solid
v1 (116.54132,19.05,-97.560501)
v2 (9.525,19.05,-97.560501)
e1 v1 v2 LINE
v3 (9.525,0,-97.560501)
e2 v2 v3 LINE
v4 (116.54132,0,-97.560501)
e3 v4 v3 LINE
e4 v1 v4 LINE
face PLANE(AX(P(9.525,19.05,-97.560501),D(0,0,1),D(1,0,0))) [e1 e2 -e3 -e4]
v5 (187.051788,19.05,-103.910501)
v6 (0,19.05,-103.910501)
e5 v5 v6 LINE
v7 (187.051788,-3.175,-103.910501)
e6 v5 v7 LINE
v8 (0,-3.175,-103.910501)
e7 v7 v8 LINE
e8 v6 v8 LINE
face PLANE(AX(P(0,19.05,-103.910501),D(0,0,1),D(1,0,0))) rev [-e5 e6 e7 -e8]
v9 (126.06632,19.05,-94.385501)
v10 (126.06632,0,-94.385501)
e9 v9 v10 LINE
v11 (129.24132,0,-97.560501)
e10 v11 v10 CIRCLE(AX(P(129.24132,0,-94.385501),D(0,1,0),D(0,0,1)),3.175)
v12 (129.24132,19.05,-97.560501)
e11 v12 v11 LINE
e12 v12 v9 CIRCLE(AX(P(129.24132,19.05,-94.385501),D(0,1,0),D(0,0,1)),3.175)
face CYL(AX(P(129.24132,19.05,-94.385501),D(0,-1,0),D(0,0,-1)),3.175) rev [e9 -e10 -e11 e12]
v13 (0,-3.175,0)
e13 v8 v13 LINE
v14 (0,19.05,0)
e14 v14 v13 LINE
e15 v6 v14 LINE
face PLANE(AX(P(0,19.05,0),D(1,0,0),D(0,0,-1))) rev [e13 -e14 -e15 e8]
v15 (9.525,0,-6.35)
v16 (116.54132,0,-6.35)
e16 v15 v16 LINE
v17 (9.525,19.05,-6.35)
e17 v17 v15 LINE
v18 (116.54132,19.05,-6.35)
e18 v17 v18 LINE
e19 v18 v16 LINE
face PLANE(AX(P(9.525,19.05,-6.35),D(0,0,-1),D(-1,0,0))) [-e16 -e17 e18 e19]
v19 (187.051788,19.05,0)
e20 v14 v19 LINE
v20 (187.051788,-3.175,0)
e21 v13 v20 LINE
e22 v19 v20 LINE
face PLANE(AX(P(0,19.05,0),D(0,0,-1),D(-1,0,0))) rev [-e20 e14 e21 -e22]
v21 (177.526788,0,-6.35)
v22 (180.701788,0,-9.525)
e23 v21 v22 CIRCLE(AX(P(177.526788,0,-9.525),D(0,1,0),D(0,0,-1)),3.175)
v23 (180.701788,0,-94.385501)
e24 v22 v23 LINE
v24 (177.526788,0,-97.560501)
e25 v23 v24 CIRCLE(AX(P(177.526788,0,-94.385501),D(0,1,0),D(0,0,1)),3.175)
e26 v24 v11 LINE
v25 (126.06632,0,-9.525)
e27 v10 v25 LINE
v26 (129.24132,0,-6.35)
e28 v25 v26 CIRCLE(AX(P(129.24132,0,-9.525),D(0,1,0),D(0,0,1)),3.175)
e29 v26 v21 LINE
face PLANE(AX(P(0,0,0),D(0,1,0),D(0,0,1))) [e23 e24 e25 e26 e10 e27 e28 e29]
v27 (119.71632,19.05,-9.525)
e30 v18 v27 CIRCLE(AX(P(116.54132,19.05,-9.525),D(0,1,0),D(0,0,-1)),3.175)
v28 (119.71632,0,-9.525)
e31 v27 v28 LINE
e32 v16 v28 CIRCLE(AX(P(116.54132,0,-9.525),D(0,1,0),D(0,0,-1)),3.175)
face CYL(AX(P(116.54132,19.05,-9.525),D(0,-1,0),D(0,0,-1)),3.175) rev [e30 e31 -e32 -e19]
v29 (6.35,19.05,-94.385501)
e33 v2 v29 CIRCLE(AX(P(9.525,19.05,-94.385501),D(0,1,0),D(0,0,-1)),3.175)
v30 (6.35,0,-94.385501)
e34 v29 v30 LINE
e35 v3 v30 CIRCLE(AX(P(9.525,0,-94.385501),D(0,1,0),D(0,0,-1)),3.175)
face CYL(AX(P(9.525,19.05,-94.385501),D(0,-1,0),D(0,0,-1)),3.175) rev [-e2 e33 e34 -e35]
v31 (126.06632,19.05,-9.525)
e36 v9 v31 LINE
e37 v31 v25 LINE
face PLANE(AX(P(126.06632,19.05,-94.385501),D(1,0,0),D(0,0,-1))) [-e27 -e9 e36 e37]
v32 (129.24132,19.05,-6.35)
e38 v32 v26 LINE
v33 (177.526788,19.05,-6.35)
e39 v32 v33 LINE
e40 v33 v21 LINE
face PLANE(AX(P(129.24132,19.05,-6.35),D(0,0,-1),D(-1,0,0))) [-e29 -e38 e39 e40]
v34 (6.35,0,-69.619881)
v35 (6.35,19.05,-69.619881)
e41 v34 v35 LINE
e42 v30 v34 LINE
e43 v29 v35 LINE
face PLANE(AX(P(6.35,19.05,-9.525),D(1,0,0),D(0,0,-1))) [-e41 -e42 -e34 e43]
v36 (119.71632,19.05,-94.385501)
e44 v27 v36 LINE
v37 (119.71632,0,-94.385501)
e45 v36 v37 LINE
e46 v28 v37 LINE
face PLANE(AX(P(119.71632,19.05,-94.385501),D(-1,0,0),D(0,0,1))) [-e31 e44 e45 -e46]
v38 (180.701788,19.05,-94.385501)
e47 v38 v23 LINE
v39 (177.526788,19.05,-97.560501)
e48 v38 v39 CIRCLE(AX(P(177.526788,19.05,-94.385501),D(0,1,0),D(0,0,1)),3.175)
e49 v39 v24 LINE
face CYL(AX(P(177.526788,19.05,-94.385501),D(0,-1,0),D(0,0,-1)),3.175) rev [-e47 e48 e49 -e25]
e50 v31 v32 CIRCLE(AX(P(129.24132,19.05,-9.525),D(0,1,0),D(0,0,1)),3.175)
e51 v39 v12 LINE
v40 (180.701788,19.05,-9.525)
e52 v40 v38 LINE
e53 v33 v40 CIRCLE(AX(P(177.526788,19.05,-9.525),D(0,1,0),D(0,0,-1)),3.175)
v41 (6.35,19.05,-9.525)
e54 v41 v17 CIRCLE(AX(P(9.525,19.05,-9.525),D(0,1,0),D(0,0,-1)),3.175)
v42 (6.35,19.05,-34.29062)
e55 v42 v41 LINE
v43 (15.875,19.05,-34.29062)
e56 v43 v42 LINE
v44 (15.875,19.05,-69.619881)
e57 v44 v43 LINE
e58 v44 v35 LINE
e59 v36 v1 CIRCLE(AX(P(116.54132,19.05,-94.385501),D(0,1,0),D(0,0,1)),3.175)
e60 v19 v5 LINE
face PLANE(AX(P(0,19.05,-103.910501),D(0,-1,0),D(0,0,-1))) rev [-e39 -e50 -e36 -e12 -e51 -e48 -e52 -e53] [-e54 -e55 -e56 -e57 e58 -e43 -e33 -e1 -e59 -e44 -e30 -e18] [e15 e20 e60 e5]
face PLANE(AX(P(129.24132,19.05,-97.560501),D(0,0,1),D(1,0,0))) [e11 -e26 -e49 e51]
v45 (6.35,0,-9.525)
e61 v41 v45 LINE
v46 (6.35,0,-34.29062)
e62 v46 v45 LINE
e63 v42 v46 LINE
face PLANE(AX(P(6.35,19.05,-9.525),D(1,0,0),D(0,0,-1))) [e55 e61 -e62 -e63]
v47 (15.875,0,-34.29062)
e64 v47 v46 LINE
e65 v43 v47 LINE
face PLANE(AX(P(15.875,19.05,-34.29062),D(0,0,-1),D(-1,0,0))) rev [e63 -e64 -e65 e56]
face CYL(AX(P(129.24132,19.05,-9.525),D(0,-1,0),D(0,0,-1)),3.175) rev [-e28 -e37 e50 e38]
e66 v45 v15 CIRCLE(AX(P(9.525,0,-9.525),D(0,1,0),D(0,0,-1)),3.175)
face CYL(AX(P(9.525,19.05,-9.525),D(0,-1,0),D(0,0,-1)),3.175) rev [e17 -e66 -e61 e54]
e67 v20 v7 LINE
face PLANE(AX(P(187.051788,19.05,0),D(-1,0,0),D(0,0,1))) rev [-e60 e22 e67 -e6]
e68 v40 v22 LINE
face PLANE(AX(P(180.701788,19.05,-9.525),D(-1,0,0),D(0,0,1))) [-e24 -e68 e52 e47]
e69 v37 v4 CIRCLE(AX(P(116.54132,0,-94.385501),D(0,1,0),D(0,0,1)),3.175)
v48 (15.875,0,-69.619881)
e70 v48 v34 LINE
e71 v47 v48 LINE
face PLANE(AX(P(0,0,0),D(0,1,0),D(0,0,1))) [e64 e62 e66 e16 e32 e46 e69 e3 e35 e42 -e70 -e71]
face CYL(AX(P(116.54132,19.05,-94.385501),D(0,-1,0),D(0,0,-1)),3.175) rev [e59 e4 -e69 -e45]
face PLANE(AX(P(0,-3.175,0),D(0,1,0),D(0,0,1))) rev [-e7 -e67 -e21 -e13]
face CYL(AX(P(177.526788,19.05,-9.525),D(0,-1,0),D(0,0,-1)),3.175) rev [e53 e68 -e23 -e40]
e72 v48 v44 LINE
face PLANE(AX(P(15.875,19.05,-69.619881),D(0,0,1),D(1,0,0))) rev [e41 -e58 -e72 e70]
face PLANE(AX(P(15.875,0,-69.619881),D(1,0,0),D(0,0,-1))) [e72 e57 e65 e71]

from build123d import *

# Parameters (mm, degrees)
SKETCH11_W     = 187.05178758
SKETCH11_H     = 103.91050065
EXTRUDE3_DEPTH = 19.05
SKETCH12_W     = 187.05178758
SKETCH12_H     = 103.91050065
EXTRUDE4_DEPTH = 3.175
SKETCH15_W     = 35.329261405
SKETCH15_H     = 19.05
EXTRUDE6_DEPTH = 9.525


with BuildPart() as part:
    # Sketch11 → Extrude3 (new body)
    with BuildSketch(Plane(origin=(0, 0, 0), x_dir=(1, 0, 0), z_dir=(0, 1, 0))):
        with Locations((93.52589379, 51.955250325)):
            Rectangle(SKETCH11_W, SKETCH11_H)
        with BuildLine():
            Line((9.525, 6.35), (116.541319734, 6.35))
            ThreePointArc((116.541319734, 6.35), (118.786383764, 7.27993597), (119.716319734, 9.525))
            Line((119.716319734, 9.525), (119.716319734, 94.38550065))
            ThreePointArc((119.716319734, 94.38550065), (118.786383764, 96.63056468), (116.541319734, 97.56050065))
            Line((116.541319734, 97.56050065), (9.525, 97.56050065))
            ThreePointArc((9.525, 97.56050065), (7.27993597, 96.63056468), (6.35, 94.38550065))
            Line((6.35, 94.38550065), (6.35, 9.525))
            ThreePointArc((6.35, 9.525), (7.27993597, 7.27993597), (9.525, 6.35))
        make_face(mode=Mode.SUBTRACT)
        with BuildLine():
            Line((180.70178758, 9.525), (180.70178758, 94.38550065))
            ThreePointArc((180.70178758, 94.38550065), (179.77185161, 96.63056468), (177.52678758, 97.56050065))
            Line((177.52678758, 97.56050065), (129.241319734, 97.56050065))
            ThreePointArc((129.241319734, 97.56050065), (126.996255703, 96.63056468), (126.066319734, 94.38550065))
            Line((126.066319734, 94.38550065), (126.066319734, 9.525))
            ThreePointArc((126.066319734, 9.525), (126.996255703, 7.27993597), (129.241319734, 6.35))
            Line((129.241319734, 6.35), (177.52678758, 6.35))
            ThreePointArc((177.52678758, 6.35), (179.77185161, 7.27993597), (180.70178758, 9.525))
        make_face(mode=Mode.SUBTRACT)
    extrude(amount=EXTRUDE3_DEPTH)

    # Sketch12 → Extrude4 (add)
    with BuildSketch(Plane(origin=(0, 0, 0), x_dir=(1, 0, 0), z_dir=(0, 1, 0))):
        with Locations((93.52589379, 51.955250325)):
            Rectangle(SKETCH12_W, SKETCH12_H)
    extrude(amount=-EXTRUDE4_DEPTH)

    # Sketch15 → Extrude6 (add)
    with BuildSketch(Plane(origin=(6.35, 0, 0), x_dir=(0, 0, -1), z_dir=(1, 0, 0))):
        with Locations((51.955250324, 9.525)):
            Rectangle(SKETCH15_W, SKETCH15_H)
    extrude(amount=EXTRUDE6_DEPTH)


solid = part.part
